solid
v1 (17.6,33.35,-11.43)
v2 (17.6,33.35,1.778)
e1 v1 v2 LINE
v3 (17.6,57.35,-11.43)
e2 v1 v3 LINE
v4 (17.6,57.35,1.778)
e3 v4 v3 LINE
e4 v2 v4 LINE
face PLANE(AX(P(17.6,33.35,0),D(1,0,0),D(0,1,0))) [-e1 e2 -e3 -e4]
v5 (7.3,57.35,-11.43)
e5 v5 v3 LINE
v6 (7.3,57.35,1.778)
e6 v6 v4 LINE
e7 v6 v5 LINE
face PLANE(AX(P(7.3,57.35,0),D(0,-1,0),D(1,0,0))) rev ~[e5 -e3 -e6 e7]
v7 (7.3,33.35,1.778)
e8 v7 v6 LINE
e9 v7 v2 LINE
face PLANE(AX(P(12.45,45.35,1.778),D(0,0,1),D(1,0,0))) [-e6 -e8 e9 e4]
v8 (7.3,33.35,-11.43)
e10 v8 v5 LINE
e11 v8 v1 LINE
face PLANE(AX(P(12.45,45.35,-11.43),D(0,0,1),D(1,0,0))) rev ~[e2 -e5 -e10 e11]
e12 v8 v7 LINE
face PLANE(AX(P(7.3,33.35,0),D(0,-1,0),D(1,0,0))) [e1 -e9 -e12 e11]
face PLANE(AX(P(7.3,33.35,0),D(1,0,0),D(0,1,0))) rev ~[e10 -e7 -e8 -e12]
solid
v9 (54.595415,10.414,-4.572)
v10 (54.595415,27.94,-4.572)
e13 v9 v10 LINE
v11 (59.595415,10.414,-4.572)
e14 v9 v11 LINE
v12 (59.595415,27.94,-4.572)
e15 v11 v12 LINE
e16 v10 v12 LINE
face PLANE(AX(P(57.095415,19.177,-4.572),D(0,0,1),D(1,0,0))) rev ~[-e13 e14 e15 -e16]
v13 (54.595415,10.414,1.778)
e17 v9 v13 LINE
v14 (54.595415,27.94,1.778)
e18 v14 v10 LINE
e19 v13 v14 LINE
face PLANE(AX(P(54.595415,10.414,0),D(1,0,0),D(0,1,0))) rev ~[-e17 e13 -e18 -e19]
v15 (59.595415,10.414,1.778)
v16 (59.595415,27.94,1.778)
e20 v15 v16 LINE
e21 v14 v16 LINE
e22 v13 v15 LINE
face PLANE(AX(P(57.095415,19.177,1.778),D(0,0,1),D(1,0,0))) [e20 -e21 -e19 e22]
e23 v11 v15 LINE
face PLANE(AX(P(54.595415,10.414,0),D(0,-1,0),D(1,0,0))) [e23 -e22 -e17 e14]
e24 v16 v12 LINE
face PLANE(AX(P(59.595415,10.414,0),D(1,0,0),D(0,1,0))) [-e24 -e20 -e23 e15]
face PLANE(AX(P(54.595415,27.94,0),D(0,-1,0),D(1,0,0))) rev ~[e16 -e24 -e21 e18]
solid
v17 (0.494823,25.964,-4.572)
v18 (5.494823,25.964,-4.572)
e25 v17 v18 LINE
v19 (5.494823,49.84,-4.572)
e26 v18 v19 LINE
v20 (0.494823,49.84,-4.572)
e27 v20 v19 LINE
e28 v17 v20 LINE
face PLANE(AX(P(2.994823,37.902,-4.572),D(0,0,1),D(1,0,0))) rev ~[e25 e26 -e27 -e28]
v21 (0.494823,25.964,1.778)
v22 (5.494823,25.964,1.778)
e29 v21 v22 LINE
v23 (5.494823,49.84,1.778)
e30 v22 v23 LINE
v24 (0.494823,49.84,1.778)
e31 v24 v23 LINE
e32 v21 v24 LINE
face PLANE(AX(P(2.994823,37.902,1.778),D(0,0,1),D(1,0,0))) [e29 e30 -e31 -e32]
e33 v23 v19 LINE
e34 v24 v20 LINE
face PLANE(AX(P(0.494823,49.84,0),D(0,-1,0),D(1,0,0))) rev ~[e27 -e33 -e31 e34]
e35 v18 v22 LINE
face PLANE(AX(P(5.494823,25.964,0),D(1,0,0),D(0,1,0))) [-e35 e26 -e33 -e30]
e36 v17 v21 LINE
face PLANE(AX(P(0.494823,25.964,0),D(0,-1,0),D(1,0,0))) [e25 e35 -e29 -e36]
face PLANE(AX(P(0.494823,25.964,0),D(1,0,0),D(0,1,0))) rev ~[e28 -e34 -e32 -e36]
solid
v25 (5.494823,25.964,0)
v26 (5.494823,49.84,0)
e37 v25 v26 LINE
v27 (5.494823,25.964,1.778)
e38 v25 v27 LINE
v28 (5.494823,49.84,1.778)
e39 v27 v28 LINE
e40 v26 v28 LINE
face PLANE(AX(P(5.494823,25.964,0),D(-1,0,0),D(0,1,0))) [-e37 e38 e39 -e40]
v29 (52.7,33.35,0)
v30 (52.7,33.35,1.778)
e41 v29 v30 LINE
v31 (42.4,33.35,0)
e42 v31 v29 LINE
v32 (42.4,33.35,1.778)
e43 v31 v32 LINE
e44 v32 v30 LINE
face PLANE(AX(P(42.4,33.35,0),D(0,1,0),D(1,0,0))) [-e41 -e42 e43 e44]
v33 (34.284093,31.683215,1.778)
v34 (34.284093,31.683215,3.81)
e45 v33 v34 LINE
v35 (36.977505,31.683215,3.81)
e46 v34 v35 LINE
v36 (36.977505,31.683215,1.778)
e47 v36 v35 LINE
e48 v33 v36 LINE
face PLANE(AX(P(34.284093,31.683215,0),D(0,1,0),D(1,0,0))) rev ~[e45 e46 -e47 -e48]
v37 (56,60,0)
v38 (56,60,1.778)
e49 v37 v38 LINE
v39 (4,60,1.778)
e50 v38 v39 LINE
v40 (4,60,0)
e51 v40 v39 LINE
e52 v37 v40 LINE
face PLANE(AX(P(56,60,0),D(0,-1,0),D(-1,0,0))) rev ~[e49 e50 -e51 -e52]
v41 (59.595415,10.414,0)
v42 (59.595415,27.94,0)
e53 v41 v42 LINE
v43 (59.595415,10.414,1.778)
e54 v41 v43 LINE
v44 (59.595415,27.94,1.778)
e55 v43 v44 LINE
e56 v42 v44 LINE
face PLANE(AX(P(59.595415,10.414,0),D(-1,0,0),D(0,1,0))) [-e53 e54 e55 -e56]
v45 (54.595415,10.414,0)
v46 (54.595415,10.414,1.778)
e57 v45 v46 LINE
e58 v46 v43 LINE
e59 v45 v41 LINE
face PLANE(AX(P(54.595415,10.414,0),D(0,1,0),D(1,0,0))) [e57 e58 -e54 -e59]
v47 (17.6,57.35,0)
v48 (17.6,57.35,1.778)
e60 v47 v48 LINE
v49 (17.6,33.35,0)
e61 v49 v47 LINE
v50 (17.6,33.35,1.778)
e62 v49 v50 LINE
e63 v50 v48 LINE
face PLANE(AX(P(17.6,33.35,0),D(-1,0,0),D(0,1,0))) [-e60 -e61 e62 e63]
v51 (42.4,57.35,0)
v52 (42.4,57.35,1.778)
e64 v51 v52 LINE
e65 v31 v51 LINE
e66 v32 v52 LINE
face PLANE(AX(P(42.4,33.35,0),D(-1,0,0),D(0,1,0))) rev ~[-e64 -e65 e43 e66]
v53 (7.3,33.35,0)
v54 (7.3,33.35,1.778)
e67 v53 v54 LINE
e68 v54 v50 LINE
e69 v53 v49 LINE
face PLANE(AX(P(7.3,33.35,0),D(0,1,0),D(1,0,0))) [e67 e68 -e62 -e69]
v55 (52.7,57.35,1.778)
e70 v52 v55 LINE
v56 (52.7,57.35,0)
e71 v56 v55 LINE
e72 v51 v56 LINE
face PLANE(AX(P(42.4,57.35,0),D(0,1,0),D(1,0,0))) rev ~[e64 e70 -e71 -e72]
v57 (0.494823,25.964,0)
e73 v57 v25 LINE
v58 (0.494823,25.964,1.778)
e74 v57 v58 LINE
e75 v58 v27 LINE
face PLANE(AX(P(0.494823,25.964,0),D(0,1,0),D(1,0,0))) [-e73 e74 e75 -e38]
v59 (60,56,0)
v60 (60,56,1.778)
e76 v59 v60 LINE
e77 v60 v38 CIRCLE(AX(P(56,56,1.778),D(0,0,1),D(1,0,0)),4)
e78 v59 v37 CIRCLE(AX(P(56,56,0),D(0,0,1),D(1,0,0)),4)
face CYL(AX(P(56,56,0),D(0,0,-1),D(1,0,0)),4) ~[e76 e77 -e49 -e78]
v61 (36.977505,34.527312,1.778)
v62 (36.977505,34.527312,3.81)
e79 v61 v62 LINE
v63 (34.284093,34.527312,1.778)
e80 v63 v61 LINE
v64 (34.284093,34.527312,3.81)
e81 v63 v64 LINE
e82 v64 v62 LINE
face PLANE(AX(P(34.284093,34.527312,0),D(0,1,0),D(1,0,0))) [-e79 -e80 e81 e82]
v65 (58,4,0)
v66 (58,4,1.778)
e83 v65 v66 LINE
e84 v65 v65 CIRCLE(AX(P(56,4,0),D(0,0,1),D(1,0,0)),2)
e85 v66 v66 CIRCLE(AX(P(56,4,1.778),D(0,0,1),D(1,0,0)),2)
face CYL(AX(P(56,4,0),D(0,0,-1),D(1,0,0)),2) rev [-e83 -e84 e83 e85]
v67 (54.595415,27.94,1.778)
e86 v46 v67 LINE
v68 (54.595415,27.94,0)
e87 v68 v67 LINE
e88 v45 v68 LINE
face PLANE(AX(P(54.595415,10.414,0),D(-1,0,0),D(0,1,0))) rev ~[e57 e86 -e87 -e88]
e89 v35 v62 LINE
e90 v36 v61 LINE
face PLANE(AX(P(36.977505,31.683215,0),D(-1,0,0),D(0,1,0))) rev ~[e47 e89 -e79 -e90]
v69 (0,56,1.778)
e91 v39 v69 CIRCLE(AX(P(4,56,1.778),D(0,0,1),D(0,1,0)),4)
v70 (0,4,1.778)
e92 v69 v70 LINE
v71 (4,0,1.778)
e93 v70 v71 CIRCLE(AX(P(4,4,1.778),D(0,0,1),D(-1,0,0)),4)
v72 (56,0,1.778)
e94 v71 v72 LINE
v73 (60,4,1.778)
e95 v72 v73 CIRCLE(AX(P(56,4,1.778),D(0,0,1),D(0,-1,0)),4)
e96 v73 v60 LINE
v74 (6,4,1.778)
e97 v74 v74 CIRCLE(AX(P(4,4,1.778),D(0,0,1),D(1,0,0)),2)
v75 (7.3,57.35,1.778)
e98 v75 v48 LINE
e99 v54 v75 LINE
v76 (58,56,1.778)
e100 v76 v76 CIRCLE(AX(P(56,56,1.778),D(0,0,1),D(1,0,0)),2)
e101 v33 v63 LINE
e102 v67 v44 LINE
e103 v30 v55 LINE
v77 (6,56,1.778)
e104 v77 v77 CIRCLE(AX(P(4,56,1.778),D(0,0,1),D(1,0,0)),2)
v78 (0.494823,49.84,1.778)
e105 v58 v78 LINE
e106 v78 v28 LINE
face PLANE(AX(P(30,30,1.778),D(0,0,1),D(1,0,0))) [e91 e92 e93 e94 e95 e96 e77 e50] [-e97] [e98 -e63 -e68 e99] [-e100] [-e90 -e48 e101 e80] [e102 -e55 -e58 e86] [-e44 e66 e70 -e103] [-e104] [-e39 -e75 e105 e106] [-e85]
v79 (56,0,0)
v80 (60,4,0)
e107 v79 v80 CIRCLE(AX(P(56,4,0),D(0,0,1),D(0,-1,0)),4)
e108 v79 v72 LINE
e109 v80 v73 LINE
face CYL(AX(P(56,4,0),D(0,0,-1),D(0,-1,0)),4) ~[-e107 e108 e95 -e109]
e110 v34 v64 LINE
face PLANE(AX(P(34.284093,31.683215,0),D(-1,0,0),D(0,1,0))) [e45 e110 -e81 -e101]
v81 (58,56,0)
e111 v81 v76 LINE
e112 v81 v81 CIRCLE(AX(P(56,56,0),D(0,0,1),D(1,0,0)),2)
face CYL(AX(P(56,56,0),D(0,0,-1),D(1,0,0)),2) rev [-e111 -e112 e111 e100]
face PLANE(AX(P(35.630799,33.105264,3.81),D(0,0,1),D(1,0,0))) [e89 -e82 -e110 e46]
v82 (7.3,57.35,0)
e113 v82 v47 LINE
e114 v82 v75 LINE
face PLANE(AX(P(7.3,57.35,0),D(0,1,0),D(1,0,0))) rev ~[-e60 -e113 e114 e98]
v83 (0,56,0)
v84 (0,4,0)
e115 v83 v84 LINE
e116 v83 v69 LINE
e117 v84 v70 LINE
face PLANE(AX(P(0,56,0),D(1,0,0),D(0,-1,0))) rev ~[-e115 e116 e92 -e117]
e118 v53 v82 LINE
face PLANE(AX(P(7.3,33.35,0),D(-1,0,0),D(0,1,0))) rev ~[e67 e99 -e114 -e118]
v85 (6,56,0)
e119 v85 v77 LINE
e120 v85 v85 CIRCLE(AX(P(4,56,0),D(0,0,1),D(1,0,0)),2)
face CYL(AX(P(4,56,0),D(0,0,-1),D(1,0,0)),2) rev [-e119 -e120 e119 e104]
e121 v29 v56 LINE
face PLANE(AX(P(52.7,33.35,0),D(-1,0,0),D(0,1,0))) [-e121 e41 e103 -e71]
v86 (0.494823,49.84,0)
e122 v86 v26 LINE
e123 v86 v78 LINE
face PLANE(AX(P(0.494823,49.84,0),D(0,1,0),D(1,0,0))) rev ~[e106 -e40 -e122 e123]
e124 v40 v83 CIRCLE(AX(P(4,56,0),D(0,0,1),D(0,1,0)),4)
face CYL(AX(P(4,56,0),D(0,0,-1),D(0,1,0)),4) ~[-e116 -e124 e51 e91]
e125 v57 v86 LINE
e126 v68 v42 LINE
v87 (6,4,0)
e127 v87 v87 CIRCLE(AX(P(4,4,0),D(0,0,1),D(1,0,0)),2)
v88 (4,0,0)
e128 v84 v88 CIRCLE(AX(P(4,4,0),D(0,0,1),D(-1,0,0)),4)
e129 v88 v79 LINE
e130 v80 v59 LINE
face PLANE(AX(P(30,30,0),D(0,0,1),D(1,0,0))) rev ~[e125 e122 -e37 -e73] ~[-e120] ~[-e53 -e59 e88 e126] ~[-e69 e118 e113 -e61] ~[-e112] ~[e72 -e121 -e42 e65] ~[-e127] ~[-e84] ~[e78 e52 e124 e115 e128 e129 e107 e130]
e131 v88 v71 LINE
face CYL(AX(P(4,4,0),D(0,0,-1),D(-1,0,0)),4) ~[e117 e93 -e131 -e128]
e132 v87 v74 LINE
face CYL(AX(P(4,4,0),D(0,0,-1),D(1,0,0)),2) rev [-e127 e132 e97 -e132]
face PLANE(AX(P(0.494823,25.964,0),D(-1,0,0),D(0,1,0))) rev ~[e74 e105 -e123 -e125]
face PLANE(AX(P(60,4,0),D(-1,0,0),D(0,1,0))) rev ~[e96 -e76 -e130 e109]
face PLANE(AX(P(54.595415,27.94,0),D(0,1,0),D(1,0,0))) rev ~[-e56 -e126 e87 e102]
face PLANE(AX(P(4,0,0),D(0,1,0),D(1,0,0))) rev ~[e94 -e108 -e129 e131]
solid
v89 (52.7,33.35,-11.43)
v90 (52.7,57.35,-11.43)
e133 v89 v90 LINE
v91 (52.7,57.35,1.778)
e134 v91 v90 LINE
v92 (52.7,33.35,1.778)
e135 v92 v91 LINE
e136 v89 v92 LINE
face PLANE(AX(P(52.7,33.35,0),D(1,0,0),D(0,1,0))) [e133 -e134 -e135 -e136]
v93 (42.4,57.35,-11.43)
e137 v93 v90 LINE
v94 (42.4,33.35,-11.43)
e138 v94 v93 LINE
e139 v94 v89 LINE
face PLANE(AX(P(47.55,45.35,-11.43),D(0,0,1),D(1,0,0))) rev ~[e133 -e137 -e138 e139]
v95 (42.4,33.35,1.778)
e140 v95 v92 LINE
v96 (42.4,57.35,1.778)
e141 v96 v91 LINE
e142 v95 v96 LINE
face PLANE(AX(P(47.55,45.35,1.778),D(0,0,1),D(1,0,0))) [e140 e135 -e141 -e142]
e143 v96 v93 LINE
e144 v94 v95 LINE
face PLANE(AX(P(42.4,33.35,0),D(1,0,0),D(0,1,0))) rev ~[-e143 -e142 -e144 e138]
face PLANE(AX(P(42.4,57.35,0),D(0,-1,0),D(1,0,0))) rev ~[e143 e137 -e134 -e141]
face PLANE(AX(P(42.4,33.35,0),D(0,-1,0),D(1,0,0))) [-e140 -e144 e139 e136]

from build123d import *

# Parameters (mm, degrees)
SKETCH1_R                  = 2
SKETCH1_W                  = 5
SKETCH1_H                  = 17.526
SKETCH1_H_2                = 23.876
SKETCH1_W_2                = 10.3
SKETCH1_H_3                = 24
SKETCH1_W_3                = 2.693412003
SKETCH1_H_4                = 2.844097509
BOSS_EXTRUDE1_DEPTH        = 1.778
SKETCH1_3_W                = 10.3
SKETCH1_3_H                = 24
BOSS_EXTRUDE2_DEPTH        = 1.778
BOSS_EXTRUDE2_DEPTH_BACK   = 11.43
BOSS_EXTRUDE2_2_DEPTH      = 1.778
BOSS_EXTRUDE2_2_DEPTH_BACK = 11.43
SKETCH1_4_W                = 5
SKETCH1_4_H                = 17.526
BOSS_EXTRUDE3_DEPTH        = 1.778
BOSS_EXTRUDE3_DEPTH_BACK   = 4.572
SKETCH1_4_H_2              = 23.876
BOSS_EXTRUDE3_2_DEPTH      = 1.778
BOSS_EXTRUDE3_2_DEPTH_BACK = 4.572
SKETCH1_5_W                = 2.693412003
SKETCH1_5_H                = 2.844097509
BOSS_EXTRUDE5_DEPTH        = 3.81


with BuildPart() as part:
    # Sketch1 → Boss-Extrude1 (new body)
    with BuildSketch(Plane.XY):
        with BuildLine():
            ThreePointArc((0, 4), (1.171572875, 1.171572875), (4, 0))
            Line((4, 0), (56, 0))
            ThreePointArc((56, 0), (58.828427125, 1.171572875), (60, 4))
            Line((60, 4), (60, 56))
            ThreePointArc((60, 56), (58.828427125, 58.828427125), (56, 60))
            Line((56, 60), (4, 60))
            ThreePointArc((4, 60), (1.171572875, 58.828427125), (0, 56))
            Line((0, 56), (0, 4))
        make_face()
        with Locations((4, 4)):
            Circle(SKETCH1_R, mode=Mode.SUBTRACT)
        with Locations((56, 4)):
            Circle(SKETCH1_R, mode=Mode.SUBTRACT)
        with Locations((57.095415437, 19.177)):
            Rectangle(SKETCH1_W, SKETCH1_H, mode=Mode.SUBTRACT)
        with Locations((2.994822902, 37.902)):
            Rectangle(SKETCH1_W, SKETCH1_H_2, mode=Mode.SUBTRACT)
        with Locations((12.45, 45.35)):
            Rectangle(SKETCH1_W_2, SKETCH1_H_3, mode=Mode.SUBTRACT)
        with Locations((4, 56)):
            Circle(SKETCH1_R, mode=Mode.SUBTRACT)
        with Locations((35.630798564, 33.105263678)):
            Rectangle(SKETCH1_W_3, SKETCH1_H_4, mode=Mode.SUBTRACT)
        with Locations((47.55, 45.35)):
            Rectangle(SKETCH1_W_2, SKETCH1_H_3, mode=Mode.SUBTRACT)
        with Locations((56, 56)):
            Circle(SKETCH1_R, mode=Mode.SUBTRACT)
    extrude(amount=BOSS_EXTRUDE1_DEPTH)

    # Sketch1<5> → Boss-Extrude5 (add)
    with BuildSketch(Plane.XY):
        with Locations((35.630798564, 33.105263678)):
            Rectangle(SKETCH1_5_W, SKETCH1_5_H)
    extrude(amount=BOSS_EXTRUDE5_DEPTH)


with BuildPart() as body_2:
    # Sketch1<3> → Boss-Extrude2 (new body, two sides)
    with BuildSketch(Plane.XY) as boss_extrude2_sk:
        with Locations((47.55, 45.35)):
            Rectangle(SKETCH1_3_W, SKETCH1_3_H)
    extrude(amount=BOSS_EXTRUDE2_DEPTH)
    extrude(boss_extrude2_sk.sketch, amount=-BOSS_EXTRUDE2_DEPTH_BACK)


with BuildPart() as body_3:
    # Sketch1<3> → Boss-Extrude2 2 (new body, two sides)
    with BuildSketch(Plane.XY) as boss_extrude2_2_sk:
        with Locations((12.45, 45.35)):
            Rectangle(SKETCH1_3_W, SKETCH1_3_H)
    extrude(amount=BOSS_EXTRUDE2_2_DEPTH)
    extrude(boss_extrude2_2_sk.sketch, amount=-BOSS_EXTRUDE2_2_DEPTH_BACK)


with BuildPart() as body_4:
    # Sketch1<4> → Boss-Extrude3 (new body, two sides)
    with BuildSketch(Plane.XY) as boss_extrude3_sk:
        with Locations((57.095415437, 19.177)):
            Rectangle(SKETCH1_4_W, SKETCH1_4_H)
    extrude(amount=BOSS_EXTRUDE3_DEPTH)
    extrude(boss_extrude3_sk.sketch, amount=-BOSS_EXTRUDE3_DEPTH_BACK)


with BuildPart() as body_5:
    # Sketch1<4> → Boss-Extrude3 2 (new body, two sides)
    with BuildSketch(Plane.XY) as boss_extrude3_2_sk:
        with Locations((2.994822902, 37.902)):
            Rectangle(SKETCH1_4_W, SKETCH1_4_H_2)
    extrude(amount=BOSS_EXTRUDE3_2_DEPTH)
    extrude(boss_extrude3_2_sk.sketch, amount=-BOSS_EXTRUDE3_2_DEPTH_BACK)


solid = Compound([part.part, body_2.part, body_3.part, body_4.part, body_5.part])
